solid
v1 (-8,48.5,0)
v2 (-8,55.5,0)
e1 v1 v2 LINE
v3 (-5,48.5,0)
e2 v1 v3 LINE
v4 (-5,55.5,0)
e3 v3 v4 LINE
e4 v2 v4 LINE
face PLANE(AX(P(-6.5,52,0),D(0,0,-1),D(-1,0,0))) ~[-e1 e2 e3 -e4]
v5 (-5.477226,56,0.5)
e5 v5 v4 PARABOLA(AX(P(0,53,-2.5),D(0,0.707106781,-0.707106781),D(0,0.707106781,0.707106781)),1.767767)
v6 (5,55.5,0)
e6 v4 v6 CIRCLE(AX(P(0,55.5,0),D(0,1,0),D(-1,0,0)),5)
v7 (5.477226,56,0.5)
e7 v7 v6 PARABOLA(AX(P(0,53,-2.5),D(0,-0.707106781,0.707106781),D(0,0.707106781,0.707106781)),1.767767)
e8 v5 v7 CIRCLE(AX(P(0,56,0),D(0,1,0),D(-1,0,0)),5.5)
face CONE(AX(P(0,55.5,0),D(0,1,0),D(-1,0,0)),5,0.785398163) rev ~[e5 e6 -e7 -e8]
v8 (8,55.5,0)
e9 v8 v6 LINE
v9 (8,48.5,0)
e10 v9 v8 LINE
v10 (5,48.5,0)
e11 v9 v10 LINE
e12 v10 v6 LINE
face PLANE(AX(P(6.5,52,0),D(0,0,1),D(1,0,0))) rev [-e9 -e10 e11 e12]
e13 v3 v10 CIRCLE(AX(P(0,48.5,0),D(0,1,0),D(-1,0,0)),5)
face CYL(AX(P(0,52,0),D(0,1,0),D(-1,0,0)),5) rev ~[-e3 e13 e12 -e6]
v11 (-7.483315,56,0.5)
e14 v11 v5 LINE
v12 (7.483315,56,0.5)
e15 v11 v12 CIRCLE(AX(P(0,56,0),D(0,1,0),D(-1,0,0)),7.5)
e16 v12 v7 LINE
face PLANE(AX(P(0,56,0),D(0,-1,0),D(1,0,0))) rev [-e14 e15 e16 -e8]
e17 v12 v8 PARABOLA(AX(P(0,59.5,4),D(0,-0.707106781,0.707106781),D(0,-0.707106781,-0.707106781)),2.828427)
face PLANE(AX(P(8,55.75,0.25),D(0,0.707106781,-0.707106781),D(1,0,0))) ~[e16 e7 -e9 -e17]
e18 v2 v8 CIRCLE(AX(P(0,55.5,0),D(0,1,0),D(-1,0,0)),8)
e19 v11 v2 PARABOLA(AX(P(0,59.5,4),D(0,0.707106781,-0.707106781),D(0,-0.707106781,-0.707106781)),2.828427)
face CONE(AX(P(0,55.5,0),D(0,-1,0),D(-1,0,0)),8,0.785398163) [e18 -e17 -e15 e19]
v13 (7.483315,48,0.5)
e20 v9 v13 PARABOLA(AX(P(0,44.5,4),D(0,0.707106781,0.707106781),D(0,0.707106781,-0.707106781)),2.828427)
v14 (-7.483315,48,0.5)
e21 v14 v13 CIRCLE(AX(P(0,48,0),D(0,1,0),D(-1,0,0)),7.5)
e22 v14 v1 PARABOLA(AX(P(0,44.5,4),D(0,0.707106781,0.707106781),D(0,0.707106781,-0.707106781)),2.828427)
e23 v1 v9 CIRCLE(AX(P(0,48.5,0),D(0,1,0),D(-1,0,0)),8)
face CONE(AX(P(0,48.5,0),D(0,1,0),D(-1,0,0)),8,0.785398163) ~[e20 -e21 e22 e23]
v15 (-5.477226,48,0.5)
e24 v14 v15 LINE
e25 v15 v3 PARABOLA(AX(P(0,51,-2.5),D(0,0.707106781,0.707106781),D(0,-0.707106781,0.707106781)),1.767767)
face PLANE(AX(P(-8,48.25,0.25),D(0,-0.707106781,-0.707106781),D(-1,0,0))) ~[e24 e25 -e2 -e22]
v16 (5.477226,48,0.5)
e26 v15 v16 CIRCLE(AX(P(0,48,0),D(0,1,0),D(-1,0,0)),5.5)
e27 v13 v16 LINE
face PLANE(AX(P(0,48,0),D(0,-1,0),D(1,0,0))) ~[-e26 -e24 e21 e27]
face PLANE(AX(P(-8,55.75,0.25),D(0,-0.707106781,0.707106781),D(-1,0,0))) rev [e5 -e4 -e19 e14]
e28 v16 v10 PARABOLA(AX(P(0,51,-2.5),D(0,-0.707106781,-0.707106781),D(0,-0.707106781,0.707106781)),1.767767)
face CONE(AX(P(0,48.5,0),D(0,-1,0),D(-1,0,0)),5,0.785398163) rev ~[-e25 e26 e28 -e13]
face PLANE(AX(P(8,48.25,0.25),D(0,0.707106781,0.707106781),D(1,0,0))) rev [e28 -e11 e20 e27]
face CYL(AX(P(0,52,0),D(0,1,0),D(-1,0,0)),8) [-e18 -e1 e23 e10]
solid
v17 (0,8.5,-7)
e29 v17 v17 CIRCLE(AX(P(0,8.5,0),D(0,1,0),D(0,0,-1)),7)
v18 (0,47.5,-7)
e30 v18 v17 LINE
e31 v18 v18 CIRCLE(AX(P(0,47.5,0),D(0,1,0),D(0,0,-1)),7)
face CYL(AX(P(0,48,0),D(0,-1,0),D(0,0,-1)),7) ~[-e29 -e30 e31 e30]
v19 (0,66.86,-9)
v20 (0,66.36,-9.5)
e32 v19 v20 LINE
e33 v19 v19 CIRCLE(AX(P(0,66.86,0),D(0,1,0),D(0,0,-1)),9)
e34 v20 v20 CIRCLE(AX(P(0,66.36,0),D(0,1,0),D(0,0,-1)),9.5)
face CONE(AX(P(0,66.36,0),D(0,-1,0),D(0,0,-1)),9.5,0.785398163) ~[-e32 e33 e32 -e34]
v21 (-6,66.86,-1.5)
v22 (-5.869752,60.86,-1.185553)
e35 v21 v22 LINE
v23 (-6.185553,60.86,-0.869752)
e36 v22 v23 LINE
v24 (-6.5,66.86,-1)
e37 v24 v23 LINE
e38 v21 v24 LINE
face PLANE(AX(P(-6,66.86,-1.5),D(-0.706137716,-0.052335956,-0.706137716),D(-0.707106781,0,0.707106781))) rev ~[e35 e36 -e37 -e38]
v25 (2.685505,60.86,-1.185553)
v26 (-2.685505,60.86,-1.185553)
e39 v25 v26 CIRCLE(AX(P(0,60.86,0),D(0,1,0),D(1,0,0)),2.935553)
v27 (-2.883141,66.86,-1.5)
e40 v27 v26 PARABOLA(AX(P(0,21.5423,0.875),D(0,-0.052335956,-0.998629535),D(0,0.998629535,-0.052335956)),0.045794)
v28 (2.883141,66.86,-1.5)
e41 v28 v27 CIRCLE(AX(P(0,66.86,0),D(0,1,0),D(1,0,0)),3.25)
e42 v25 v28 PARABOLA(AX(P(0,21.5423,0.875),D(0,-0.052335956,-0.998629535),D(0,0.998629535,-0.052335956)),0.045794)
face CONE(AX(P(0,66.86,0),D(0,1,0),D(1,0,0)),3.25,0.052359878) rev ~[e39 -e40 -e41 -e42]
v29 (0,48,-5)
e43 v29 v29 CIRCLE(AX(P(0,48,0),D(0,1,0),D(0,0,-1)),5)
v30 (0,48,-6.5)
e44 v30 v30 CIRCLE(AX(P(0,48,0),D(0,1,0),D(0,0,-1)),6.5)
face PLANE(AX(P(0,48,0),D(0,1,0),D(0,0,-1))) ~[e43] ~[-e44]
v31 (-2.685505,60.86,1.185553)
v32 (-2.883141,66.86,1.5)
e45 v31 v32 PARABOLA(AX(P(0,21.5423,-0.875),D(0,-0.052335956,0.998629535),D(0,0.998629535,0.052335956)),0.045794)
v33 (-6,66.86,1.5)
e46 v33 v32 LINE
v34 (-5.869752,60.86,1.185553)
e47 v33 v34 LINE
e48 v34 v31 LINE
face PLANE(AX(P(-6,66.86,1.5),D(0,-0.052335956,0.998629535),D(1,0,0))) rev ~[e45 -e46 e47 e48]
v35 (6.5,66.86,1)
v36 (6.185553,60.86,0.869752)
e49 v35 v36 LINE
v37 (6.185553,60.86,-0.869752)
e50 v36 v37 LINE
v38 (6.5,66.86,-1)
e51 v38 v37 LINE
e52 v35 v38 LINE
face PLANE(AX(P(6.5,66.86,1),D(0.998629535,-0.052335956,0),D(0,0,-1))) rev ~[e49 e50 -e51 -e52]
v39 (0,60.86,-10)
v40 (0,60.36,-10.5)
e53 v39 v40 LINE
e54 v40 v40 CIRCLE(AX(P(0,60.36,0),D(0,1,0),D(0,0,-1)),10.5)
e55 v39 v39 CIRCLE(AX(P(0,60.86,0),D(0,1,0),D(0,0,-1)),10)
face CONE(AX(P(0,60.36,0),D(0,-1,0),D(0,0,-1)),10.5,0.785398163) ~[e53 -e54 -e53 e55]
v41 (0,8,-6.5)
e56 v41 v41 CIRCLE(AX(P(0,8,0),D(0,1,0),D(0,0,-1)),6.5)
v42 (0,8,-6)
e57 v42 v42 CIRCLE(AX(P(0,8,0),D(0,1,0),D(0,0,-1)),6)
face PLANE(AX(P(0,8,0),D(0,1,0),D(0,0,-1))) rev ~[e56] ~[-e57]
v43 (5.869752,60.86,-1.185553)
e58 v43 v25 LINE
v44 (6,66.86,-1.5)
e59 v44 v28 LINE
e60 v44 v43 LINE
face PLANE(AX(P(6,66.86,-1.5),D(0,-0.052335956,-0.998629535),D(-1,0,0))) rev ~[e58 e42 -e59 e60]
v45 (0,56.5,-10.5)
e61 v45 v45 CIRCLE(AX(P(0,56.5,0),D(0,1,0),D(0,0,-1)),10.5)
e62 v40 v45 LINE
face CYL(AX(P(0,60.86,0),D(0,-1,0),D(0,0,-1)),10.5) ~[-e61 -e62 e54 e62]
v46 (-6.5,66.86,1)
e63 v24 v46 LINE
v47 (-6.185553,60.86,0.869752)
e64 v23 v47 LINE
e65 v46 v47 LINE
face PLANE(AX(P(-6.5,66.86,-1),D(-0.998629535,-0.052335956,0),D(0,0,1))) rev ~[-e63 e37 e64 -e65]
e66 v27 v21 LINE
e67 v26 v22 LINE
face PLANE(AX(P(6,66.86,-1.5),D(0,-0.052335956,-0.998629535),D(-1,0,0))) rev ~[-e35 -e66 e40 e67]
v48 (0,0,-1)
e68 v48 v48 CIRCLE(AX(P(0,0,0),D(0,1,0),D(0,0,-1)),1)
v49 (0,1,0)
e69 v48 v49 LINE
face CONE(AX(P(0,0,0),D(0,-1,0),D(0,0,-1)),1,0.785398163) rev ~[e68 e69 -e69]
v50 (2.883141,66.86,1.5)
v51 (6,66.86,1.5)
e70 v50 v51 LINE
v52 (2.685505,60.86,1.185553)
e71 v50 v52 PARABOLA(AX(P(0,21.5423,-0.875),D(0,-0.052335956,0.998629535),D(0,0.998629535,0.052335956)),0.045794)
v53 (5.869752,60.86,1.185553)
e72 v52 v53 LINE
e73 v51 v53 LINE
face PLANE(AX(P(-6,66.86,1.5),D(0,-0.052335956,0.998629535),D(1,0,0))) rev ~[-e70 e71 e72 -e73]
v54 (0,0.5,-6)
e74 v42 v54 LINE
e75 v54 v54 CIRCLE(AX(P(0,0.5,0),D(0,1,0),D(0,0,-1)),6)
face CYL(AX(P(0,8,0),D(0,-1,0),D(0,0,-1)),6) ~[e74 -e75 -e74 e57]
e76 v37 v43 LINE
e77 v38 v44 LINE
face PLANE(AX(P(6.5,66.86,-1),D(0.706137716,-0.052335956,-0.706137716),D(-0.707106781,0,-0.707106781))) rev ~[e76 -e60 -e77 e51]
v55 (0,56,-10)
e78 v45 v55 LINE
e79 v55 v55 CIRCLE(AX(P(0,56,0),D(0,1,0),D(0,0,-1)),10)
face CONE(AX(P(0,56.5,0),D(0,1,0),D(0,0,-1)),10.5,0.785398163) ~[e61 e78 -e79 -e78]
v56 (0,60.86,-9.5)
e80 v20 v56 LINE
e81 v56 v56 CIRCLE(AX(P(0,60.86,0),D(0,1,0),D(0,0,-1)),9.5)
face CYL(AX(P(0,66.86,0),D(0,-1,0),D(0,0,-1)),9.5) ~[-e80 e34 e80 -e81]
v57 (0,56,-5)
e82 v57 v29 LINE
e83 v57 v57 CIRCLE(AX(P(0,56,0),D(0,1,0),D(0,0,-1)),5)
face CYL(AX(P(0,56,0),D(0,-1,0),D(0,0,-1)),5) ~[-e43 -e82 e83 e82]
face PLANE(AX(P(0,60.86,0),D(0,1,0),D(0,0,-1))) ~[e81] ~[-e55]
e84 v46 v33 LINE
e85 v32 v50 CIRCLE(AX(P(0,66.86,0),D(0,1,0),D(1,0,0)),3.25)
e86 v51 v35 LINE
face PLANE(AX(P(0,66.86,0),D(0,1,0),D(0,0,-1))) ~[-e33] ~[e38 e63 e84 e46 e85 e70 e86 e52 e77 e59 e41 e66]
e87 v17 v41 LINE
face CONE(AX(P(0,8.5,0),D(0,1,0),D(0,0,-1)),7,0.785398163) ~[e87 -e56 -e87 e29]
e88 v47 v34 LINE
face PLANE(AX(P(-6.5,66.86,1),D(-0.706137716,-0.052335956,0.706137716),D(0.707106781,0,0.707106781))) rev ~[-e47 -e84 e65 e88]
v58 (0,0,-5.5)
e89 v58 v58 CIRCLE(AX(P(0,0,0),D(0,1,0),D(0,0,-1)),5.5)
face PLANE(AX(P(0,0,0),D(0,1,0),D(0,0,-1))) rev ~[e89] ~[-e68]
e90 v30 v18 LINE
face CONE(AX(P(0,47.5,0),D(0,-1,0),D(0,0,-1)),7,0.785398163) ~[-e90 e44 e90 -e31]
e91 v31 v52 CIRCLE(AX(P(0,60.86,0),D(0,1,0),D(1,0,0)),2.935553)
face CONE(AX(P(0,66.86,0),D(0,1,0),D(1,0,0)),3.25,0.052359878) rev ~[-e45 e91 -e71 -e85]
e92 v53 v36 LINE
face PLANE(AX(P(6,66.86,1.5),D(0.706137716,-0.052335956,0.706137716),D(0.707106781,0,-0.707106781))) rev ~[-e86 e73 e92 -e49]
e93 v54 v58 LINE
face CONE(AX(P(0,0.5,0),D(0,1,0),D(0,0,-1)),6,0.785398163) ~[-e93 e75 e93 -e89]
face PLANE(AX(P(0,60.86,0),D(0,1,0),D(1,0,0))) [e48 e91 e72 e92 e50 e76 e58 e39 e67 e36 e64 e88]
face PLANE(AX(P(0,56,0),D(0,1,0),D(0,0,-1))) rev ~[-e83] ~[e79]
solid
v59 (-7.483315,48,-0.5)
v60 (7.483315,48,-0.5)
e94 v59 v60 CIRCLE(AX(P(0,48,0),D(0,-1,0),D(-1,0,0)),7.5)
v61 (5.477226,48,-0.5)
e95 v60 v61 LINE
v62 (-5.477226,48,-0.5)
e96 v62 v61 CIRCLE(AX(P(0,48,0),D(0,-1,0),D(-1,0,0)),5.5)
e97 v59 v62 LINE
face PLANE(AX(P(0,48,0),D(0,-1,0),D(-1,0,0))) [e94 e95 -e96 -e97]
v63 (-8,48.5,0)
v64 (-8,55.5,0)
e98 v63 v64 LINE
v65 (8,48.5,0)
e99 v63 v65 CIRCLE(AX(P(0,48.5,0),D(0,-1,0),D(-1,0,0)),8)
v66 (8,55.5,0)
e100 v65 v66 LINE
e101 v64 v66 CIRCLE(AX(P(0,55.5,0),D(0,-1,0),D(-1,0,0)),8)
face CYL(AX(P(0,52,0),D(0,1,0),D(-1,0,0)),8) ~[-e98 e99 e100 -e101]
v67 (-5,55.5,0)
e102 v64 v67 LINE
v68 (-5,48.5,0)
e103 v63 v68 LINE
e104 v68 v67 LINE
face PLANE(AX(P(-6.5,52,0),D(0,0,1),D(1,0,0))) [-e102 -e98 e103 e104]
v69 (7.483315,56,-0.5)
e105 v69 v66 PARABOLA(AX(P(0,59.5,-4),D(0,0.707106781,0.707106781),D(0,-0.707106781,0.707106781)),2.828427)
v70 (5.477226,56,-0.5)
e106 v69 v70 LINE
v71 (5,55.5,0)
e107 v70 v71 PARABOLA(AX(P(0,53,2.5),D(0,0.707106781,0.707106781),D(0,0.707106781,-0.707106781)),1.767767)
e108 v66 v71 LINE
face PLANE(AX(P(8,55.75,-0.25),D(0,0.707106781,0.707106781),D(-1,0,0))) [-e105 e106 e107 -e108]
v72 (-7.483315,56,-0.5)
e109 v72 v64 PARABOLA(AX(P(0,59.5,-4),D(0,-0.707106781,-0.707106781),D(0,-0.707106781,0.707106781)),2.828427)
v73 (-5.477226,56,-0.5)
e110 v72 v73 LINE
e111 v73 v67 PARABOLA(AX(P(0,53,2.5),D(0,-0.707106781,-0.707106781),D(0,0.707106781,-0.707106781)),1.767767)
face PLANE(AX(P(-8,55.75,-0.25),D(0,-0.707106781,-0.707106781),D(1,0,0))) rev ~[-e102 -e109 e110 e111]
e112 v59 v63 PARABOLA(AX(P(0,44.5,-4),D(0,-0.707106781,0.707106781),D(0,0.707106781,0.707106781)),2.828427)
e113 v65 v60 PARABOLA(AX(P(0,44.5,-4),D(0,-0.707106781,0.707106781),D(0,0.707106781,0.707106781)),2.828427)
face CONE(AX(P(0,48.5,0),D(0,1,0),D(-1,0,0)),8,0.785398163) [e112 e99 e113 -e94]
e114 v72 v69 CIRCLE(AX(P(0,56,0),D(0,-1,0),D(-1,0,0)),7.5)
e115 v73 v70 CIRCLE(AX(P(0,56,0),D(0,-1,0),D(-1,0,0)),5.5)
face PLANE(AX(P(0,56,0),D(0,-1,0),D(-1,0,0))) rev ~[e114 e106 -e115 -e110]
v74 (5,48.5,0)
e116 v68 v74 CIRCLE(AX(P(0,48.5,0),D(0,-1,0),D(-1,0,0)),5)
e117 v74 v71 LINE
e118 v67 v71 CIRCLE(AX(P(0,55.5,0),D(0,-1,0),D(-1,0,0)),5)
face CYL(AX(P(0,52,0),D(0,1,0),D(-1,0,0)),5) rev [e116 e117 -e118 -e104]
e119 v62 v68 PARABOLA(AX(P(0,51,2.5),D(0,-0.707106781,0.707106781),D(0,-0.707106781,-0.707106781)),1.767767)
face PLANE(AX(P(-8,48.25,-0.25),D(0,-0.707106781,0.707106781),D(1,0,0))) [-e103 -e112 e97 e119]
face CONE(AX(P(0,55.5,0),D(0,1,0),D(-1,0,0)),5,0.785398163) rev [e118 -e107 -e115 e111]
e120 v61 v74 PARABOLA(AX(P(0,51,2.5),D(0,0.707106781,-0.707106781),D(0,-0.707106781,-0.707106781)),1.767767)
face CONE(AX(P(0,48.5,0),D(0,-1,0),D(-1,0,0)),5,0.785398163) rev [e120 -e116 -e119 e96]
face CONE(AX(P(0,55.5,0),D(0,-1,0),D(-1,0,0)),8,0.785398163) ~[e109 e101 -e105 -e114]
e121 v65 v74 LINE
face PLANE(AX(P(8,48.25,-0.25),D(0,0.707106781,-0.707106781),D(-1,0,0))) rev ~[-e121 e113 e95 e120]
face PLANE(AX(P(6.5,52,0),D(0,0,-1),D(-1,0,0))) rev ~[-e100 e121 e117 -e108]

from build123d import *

# Parameters (mm, degrees)
CHAMFER1_SIZE                = 0.5
SKETCH2_R                    = 3.25
CUT_EXTRUDE1_DEPTH           = 6
CUT_EXTRUDE1_DRAFT           = -3
CUT_EXTRUDE1_PROFILE_2_DEPTH = 6
CUT_EXTRUDE1_PROFILE_2_DRAFT = -3
SKETCH3_W                    = 3
SKETCH3_H                    = 8
REVOLVE2_ANGLE               = 180
CHAMFER2_SIZE                = 0.5


with BuildPart() as part:
    # Sketch1 → Revolve1 (revolve)
    with BuildSketch(Plane(origin=(0, 0, 0), x_dir=(0, 0, -1), z_dir=(1, 0, 0))):
        Polygon((0, 1), (0, 66.86), (9.5, 66.86), (9.5, 60.86), (10.5, 60.86), (10.5, 56), (5, 56), (5, 48), (7, 48), (7, 8), (6, 8), (6, 0), (1, 0), align=None)
    revolve(axis=Axis((0, 1, 0), (0, 1, 0)))

    # Chamfer1
    chamfer1_edges = [part.edges().sort_by_distance(p)[0] for p in [
        (0, 0, 6),
        (0, 8, 7),
        (0, 48, 7),
        (0, 56, 10.5),
        (0, 60.86, 10.5),
        (0, 66.86, 9.5),
    ]]
    chamfer(chamfer1_edges, length=CHAMFER1_SIZE)


with BuildPart() as cut_extrude1_tool:
    # Sketch2 → Cut-Extrude1 (with draft: the straight prism first)
    with BuildSketch(Plane(origin=(0, 66.86, 0), x_dir=(1, 0, 0), z_dir=(0, 1, 0))):
        Circle(SKETCH2_R)
    extrude(amount=-CUT_EXTRUDE1_DEPTH)
    # Cut-Extrude1: the draft: its side faces are tilted about the plane it starts from
    cut_extrude1_sides = [cut_extrude1_tool.faces().sort_by_distance(p)[0] for p in [
        (-3.25, 63.86, 0),
    ]]
    draft(cut_extrude1_sides, Plane(origin=(0, 66.86, 0), x_dir=(1, 0, 0), z_dir=(0, 1, 0)), CUT_EXTRUDE1_DRAFT)


with BuildPart() as part_1:
    add(part.part)

    # Cut-Extrude1: cut by cut_extrude1_tool
    add(cut_extrude1_tool.part, mode=Mode.SUBTRACT)


with BuildPart() as cut_extrude1_profile_2_tool:
    # Sketch2 → Cut-Extrude1 profile 2 (with draft: the straight prism first)
    with BuildSketch(Plane(origin=(0, 66.86, 0), x_dir=(1, 0, 0), z_dir=(0, 1, 0))):
        Polygon((-6, 1.5), (-6.5, 1), (-6.5, -1), (-6, -1.5), (6, -1.5), (6.5, -1), (6.5, 1), (6, 1.5), align=None)
    extrude(amount=-CUT_EXTRUDE1_PROFILE_2_DEPTH)
    # Cut-Extrude1 profile 2: the draft: its side faces are tilted about the plane it starts from
    cut_extrude1_profile_2_sides = [cut_extrude1_profile_2_tool.faces().sort_by_distance(p)[0] for p in [
        (-6.25, 63.86, -1.25),
        (-6.5, 63.86, 0),
        (-6.25, 63.86, 1.25),
        (0, 63.86, 1.5),
        (6.25, 63.86, 1.25),
        (6.5, 63.86, 0),
        (6.25, 63.86, -1.25),
        (0, 63.86, -1.5),
    ]]
    draft(cut_extrude1_profile_2_sides, Plane(origin=(0, 66.86, 0), x_dir=(1, 0, 0), z_dir=(0, 1, 0)), CUT_EXTRUDE1_PROFILE_2_DRAFT)


with BuildPart() as part_2:
    add(part_1.part)

    # Cut-Extrude1 profile 2: cut by cut_extrude1_profile_2_tool
    add(cut_extrude1_profile_2_tool.part, mode=Mode.SUBTRACT)


with BuildPart() as body_2:
    # Sketch3 → Revolve2 (revolve)
    with BuildSketch(Plane.XY):
        with Locations((-6.5, 52)):
            Rectangle(SKETCH3_W, SKETCH3_H)
    revolve(axis=Axis((0, 1, 0), (0, -1, 0)), revolution_arc=REVOLVE2_ANGLE)

    # Chamfer2
    chamfer2_edges = [body_2.edges().sort_by_distance(p)[0] for p in [
        (6.5, 56, 0),
        (-6.5, 56, 0),
        (-6.5, 48, 0),
        (0, 56, -8),
        (0, 56, -5),
        (0, 48, -5),
        (0, 48, -8),
        (6.5, 48, 0),
    ]]
    chamfer(chamfer2_edges, length=CHAMFER2_SIZE)


with BuildPart() as body_3:
    # Mirror1: mirrored copy
    add(body_2.part.mirror(Plane.XY))


solid = Compound([part_2.part, body_2.part, body_3.part])
